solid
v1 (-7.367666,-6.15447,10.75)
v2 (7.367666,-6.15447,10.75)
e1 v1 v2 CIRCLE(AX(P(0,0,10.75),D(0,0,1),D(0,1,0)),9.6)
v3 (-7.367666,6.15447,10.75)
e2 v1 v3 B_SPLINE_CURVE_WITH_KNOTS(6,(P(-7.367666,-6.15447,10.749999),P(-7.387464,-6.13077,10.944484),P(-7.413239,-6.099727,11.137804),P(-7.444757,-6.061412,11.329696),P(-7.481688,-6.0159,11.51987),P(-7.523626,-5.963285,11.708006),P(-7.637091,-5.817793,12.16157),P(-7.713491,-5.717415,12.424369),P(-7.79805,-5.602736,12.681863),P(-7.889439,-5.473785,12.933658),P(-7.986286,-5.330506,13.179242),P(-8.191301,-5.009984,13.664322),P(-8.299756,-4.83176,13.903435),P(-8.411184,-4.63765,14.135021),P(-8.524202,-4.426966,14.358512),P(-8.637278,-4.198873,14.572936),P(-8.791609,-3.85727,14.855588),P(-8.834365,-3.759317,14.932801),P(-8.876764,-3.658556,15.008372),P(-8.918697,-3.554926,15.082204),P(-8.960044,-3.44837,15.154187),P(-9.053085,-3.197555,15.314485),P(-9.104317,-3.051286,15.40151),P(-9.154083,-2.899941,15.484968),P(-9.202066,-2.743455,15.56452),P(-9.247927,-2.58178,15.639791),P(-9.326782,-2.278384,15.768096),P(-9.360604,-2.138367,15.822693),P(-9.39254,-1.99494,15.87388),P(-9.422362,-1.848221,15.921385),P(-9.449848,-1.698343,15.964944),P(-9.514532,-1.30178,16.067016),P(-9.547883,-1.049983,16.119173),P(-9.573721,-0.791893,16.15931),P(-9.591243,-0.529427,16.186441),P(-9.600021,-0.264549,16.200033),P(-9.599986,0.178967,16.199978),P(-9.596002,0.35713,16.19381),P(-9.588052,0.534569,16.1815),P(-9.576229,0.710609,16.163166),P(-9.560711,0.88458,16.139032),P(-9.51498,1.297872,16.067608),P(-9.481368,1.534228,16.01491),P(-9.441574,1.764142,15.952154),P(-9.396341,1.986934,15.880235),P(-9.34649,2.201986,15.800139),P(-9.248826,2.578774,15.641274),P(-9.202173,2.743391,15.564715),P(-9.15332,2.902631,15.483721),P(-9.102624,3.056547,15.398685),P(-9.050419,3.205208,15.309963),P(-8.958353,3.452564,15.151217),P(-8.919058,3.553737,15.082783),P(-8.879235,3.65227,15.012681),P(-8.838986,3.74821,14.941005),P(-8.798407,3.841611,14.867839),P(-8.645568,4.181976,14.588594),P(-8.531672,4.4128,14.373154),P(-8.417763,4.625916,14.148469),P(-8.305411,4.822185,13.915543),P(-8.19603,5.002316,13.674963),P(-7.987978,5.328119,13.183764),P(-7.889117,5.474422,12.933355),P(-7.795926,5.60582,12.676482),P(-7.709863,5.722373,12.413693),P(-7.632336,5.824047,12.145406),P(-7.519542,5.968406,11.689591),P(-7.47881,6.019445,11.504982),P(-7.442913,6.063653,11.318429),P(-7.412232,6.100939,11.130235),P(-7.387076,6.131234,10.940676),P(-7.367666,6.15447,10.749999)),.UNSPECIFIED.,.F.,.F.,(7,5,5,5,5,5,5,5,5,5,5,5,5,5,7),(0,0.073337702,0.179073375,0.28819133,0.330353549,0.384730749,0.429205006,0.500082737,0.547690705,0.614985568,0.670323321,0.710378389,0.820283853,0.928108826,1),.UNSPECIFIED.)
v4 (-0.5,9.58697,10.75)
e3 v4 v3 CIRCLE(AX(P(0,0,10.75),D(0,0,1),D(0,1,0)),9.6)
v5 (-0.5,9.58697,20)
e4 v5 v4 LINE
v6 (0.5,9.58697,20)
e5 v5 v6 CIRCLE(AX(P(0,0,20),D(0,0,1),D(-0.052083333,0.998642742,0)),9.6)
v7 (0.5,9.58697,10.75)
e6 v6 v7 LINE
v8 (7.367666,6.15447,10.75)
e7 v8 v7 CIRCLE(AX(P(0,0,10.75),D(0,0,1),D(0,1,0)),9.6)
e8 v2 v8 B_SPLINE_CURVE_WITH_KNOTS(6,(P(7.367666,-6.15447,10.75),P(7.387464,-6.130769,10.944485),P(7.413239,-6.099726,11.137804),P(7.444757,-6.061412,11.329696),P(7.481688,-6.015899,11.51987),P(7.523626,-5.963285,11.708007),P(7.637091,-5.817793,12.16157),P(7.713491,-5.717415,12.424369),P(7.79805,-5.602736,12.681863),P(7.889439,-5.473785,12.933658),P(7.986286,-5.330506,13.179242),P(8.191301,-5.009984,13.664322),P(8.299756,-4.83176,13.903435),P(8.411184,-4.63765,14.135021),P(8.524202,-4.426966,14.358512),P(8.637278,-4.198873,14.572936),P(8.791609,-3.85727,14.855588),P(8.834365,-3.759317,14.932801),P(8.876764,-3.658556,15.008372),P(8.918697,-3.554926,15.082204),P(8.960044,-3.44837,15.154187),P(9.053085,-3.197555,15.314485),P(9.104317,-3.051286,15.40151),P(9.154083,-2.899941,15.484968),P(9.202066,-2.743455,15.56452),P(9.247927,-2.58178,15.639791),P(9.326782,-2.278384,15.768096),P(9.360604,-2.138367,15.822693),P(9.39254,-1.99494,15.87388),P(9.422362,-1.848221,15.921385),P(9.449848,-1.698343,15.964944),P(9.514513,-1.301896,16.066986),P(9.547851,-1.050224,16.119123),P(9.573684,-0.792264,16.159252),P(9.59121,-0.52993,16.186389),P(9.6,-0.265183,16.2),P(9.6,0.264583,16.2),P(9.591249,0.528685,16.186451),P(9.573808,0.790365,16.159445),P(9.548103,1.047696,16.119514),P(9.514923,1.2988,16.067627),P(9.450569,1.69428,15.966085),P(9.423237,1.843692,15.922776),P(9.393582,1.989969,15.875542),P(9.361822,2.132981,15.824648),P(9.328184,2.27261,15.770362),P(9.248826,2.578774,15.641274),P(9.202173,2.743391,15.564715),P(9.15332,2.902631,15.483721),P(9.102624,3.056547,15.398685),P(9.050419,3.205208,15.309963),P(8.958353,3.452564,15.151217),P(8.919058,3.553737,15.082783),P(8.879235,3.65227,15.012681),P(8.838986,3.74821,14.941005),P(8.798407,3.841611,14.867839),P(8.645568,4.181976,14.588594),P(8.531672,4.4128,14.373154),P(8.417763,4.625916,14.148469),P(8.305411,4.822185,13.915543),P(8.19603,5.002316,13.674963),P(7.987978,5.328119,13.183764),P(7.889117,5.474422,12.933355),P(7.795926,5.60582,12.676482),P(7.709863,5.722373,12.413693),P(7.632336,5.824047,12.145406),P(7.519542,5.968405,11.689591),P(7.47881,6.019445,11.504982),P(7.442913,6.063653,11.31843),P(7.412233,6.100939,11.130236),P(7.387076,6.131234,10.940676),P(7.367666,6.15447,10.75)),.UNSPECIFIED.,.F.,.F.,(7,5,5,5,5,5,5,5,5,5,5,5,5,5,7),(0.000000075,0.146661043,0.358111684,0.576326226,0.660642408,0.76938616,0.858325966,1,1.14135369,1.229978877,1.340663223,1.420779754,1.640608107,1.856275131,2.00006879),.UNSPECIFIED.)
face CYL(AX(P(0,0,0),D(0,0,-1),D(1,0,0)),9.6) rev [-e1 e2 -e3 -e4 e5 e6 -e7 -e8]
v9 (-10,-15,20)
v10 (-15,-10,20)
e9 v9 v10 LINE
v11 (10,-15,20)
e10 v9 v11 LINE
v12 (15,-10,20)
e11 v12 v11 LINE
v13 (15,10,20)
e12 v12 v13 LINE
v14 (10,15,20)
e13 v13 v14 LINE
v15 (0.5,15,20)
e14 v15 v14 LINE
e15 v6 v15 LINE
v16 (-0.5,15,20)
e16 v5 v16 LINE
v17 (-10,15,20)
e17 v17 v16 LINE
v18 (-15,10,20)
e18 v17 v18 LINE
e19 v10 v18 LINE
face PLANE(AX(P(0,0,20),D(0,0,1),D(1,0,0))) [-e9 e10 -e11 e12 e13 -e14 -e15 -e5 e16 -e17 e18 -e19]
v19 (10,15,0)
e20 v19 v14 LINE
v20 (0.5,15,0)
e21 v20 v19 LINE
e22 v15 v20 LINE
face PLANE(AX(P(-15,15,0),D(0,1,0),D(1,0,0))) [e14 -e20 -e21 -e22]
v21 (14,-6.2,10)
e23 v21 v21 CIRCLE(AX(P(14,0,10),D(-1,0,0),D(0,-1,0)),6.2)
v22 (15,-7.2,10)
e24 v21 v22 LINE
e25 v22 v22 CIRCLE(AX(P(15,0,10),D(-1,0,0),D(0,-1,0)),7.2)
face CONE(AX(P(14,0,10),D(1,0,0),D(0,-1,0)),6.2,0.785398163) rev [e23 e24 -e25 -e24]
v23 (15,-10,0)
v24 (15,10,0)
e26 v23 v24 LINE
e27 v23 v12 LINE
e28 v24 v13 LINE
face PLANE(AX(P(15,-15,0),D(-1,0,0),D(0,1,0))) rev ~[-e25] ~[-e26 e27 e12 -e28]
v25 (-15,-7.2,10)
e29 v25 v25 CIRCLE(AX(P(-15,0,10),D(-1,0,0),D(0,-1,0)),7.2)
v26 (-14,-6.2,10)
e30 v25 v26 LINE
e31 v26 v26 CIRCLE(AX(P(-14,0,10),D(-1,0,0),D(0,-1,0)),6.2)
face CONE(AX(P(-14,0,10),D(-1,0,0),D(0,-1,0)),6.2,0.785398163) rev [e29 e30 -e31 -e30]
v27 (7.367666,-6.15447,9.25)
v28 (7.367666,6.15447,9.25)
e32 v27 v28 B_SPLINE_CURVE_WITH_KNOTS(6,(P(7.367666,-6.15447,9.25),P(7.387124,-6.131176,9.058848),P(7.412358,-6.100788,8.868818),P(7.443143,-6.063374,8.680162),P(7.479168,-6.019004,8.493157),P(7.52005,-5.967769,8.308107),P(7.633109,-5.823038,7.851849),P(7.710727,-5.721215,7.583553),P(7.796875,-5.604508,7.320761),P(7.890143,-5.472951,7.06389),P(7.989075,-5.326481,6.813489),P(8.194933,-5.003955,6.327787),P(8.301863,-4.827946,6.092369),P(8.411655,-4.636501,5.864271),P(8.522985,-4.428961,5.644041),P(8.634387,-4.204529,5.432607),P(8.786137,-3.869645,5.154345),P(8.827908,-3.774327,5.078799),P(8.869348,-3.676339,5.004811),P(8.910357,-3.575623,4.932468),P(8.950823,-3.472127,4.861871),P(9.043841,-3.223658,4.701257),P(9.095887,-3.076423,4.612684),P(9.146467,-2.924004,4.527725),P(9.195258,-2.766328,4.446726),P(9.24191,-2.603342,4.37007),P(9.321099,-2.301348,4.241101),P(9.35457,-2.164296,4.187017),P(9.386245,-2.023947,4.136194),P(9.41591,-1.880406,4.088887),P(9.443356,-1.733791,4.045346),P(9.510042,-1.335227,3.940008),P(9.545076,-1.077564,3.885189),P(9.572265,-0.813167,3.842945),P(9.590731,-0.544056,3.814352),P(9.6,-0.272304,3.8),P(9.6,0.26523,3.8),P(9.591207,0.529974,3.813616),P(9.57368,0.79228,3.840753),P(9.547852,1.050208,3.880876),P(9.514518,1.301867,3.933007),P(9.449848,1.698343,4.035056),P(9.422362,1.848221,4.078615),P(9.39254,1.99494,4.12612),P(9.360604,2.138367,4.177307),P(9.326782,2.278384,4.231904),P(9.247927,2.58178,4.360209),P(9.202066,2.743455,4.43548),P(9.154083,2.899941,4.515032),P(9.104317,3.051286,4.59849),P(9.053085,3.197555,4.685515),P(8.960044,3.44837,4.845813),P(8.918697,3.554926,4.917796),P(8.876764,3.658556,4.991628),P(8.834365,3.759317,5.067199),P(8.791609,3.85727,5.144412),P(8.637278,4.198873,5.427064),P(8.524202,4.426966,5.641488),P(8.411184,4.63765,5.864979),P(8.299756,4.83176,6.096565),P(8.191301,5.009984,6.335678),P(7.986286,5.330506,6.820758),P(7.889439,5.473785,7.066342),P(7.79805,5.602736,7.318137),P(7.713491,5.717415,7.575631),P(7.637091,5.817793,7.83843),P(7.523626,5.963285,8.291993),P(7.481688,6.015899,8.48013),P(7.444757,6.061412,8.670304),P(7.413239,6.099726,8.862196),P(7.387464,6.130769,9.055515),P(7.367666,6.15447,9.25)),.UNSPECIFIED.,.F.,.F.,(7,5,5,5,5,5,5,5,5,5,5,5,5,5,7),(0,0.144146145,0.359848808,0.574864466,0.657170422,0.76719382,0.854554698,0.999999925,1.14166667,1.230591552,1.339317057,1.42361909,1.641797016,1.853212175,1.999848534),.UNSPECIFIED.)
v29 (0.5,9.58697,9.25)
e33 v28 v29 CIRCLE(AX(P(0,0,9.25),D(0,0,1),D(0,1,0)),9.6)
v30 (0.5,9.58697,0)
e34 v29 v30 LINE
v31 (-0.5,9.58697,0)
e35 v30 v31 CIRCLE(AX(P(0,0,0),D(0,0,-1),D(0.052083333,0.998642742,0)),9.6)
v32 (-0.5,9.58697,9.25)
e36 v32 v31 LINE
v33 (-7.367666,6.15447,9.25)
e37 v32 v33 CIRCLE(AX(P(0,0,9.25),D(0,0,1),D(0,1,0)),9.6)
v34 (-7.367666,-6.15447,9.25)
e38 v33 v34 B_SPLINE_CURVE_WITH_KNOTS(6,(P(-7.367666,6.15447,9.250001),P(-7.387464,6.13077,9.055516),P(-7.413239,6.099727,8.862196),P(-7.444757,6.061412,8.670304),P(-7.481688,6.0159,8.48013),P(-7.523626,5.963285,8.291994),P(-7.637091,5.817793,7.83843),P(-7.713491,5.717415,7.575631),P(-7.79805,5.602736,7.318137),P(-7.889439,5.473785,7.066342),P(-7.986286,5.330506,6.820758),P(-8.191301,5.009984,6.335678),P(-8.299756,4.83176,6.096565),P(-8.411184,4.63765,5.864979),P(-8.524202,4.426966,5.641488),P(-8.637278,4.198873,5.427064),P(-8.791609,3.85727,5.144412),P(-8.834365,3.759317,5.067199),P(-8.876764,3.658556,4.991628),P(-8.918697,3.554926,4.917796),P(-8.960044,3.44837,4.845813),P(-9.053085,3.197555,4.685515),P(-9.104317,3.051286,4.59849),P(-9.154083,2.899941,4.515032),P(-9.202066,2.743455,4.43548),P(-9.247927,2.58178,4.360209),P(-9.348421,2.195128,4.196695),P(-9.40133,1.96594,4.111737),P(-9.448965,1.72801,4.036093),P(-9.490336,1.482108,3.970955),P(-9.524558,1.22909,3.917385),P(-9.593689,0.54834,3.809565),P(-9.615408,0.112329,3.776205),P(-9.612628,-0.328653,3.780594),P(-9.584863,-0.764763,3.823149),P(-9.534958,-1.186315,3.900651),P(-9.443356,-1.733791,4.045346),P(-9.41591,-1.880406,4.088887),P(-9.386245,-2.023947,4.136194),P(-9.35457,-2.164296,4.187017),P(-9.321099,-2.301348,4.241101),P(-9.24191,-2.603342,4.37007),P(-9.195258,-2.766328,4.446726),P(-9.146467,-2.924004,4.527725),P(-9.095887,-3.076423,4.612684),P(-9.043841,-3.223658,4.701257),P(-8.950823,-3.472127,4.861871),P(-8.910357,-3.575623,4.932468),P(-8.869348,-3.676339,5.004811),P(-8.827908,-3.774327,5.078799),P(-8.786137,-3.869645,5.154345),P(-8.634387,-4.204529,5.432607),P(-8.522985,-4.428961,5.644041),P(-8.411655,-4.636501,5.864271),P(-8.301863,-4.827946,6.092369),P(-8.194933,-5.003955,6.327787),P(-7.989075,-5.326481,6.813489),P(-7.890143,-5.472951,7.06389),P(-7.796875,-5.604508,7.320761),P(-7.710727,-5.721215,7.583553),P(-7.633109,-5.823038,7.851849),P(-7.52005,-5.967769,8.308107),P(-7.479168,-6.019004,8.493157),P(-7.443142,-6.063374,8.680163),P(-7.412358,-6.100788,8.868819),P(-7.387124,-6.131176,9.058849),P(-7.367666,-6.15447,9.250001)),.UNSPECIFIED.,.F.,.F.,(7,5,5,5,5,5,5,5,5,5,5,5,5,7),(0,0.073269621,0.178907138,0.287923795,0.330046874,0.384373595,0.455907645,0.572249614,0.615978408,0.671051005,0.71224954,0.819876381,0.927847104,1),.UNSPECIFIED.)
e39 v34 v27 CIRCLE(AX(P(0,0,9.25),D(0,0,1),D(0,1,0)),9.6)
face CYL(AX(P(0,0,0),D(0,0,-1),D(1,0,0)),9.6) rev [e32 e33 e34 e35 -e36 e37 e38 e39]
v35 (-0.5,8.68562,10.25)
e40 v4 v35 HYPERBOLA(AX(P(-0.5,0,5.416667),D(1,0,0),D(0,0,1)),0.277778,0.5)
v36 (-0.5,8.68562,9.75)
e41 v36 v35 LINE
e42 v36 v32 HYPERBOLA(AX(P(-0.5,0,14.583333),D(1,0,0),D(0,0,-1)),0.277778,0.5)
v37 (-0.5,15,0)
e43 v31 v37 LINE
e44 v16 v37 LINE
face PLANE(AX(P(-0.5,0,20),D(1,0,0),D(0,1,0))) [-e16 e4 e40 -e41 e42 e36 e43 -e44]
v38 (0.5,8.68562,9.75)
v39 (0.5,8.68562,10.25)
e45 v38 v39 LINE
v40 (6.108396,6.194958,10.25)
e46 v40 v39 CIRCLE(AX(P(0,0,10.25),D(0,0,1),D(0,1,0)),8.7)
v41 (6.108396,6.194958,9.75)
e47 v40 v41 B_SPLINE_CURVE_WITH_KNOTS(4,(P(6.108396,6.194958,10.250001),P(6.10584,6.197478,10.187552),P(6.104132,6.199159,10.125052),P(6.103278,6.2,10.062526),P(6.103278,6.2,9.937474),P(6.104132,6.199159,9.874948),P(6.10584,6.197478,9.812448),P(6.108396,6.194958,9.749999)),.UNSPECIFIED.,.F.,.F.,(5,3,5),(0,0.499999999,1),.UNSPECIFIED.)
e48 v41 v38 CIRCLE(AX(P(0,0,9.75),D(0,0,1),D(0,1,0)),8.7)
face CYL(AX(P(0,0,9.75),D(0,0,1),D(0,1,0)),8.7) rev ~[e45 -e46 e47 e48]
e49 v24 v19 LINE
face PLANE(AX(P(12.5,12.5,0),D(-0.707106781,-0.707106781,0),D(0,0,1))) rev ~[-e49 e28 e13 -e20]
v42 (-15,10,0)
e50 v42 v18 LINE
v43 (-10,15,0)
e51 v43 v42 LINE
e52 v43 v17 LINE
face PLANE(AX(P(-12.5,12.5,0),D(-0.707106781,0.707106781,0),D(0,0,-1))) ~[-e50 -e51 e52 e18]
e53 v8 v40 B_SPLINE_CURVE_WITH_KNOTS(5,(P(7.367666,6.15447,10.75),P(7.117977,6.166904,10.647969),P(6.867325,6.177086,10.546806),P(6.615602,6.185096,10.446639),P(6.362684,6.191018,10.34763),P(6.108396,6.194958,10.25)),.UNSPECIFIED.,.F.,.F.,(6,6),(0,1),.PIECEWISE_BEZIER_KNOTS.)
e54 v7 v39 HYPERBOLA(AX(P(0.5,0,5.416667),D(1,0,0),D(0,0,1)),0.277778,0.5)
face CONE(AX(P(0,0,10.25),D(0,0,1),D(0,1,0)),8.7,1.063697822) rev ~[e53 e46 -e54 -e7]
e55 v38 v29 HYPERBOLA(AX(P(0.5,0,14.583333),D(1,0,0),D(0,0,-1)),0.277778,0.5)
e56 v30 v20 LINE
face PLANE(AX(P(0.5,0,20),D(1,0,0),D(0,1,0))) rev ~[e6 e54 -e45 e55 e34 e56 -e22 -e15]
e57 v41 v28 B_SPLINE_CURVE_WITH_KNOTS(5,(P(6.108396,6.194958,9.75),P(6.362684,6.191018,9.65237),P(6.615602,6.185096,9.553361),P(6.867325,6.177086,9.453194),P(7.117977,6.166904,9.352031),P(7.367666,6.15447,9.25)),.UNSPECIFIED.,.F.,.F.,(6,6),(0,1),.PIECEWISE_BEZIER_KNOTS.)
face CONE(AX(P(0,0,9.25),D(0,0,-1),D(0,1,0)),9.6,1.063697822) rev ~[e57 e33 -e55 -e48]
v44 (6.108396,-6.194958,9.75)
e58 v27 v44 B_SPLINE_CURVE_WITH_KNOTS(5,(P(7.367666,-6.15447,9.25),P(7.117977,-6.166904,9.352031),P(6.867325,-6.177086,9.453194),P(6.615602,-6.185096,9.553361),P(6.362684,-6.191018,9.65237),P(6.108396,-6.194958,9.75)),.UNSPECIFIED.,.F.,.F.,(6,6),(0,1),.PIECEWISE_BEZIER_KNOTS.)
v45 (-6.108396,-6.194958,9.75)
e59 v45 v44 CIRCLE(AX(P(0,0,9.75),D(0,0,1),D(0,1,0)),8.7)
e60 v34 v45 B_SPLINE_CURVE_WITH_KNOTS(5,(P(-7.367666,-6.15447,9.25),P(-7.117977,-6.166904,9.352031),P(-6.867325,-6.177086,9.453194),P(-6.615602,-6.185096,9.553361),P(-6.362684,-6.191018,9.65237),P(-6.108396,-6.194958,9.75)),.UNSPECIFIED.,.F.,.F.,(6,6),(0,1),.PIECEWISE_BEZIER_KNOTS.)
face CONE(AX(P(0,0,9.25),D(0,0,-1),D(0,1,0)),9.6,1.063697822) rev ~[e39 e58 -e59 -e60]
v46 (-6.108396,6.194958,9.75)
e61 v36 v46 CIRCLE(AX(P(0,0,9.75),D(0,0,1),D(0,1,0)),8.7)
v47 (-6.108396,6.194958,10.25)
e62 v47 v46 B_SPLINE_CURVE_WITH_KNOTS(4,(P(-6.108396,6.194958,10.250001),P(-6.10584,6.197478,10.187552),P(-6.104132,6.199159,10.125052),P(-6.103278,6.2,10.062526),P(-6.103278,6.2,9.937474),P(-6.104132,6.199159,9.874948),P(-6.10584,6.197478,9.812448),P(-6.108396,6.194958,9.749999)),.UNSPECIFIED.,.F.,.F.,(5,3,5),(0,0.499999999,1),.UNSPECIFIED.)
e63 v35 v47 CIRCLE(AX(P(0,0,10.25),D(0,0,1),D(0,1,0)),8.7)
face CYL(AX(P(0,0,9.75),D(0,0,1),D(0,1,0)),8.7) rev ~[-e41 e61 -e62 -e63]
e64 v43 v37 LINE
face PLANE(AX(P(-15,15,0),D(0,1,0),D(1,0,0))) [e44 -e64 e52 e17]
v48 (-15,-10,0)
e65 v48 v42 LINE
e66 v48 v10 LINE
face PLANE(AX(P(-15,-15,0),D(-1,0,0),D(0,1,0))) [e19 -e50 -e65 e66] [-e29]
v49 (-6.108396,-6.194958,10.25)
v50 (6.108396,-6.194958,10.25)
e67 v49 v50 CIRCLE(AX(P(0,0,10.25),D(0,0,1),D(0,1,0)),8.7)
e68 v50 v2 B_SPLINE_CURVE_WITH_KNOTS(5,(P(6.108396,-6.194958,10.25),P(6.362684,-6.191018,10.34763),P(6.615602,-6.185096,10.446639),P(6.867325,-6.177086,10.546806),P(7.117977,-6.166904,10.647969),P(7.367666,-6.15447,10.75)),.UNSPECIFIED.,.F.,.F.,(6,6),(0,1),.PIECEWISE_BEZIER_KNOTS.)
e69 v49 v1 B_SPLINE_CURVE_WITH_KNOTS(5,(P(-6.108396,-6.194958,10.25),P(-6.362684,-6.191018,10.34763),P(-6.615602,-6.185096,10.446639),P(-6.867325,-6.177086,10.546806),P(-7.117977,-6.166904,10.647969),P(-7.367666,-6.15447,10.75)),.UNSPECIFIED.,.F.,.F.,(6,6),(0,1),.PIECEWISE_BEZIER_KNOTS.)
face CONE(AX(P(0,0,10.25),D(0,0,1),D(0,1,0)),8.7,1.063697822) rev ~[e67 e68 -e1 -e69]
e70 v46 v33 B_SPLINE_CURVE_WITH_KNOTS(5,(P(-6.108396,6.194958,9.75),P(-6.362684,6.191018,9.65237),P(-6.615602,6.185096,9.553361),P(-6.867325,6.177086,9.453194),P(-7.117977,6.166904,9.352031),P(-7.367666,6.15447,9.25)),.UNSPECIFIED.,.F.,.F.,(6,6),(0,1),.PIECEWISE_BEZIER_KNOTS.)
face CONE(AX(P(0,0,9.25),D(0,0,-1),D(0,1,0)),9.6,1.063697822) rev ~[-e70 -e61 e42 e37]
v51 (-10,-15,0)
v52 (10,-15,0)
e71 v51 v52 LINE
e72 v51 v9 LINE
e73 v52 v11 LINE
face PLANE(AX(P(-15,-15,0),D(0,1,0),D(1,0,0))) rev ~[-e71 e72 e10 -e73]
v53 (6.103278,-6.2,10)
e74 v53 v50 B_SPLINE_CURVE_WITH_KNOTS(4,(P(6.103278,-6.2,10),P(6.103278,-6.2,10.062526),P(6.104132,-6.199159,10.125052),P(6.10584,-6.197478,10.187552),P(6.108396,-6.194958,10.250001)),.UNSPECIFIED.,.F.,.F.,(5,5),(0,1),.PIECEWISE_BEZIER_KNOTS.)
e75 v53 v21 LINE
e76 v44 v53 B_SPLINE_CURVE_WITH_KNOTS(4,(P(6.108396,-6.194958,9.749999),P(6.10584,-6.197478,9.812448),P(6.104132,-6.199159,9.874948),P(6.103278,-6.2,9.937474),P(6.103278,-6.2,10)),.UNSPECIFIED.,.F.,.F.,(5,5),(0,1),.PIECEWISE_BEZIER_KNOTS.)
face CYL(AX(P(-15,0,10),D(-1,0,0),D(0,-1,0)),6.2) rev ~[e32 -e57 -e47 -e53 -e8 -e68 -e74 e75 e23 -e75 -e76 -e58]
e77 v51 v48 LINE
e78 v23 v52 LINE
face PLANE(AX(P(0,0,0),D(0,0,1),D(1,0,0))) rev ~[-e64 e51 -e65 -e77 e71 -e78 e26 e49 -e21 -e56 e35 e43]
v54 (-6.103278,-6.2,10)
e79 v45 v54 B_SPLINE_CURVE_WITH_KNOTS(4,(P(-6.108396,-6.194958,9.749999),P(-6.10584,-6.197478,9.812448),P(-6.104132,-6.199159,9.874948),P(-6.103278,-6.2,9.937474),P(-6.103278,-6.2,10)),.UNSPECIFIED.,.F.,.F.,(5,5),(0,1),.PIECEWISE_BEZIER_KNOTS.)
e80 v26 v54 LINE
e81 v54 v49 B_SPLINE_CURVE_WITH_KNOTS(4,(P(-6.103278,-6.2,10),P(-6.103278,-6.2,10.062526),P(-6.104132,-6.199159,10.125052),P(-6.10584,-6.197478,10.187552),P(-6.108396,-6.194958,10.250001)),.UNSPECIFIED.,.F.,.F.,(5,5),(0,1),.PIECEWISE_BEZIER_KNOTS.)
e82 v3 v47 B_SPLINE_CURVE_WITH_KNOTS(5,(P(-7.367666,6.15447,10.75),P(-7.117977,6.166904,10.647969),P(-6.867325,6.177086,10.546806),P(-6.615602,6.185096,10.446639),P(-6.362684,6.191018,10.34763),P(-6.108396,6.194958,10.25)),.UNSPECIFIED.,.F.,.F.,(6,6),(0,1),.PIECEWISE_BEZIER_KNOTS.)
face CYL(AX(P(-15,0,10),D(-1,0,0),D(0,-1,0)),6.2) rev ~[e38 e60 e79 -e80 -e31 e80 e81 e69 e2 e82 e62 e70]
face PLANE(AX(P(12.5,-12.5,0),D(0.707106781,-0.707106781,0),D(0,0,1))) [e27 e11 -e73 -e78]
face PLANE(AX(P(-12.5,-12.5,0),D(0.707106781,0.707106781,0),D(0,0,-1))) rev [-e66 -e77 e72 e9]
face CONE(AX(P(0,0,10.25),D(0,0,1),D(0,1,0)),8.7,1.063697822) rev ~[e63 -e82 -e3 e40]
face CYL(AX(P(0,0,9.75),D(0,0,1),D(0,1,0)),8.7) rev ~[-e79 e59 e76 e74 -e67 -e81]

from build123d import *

# Parameters (mm, degrees)
SKETCH047_W     = 30
SKETCH047_H     = 30
SKETCH047_R     = 9.6
PAD018_DEPTH    = 20
SKETCH049_W     = 1
SKETCH049_H     = 15
POCKET028_DEPTH = 20
SKETCH050_R     = 6.2
POCKET029_DEPTH = 40
CHAMFER004_SIZE = 1
CHAMFER005_SIZE = 5


with BuildPart() as part:
    # Sketch047 → Pad018 (new body)
    with BuildSketch(Plane.XY):
        Rectangle(SKETCH047_W, SKETCH047_H)
        Circle(SKETCH047_R, mode=Mode.SUBTRACT)
    extrude(amount=PAD018_DEPTH)

    # Sketch048 → Revolution002 (revolve)
    with BuildSketch(Plane.YZ):
        Polygon((9.6, 10.75), (9.6, 9.25), (8.7, 9.75), (8.7, 10.25), align=None)
    revolve(axis=Axis((0, 0, 0), (0, 0, 1)))

    # Sketch049 (on Face11 of Revolution002) → Pocket028 (cut)
    with BuildSketch(Plane.XY.offset(20)):
        with Locations((0, 7.5)):
            Rectangle(SKETCH049_W, SKETCH049_H)
    extrude(amount=-POCKET028_DEPTH, mode=Mode.SUBTRACT)

    # Sketch050 (on Face12 of Pocket028) → Pocket029 (cut)
    with BuildSketch(Plane(origin=(-15, 0, 0), x_dir=(0, -1, 0), z_dir=(-1, 0, 0))):
        with Locations((0, 10)):
            Circle(SKETCH050_R)
    extrude(amount=-POCKET029_DEPTH, mode=Mode.SUBTRACT)

    # Chamfer004
    chamfer004_edges = [part.edges().sort_by_distance(p)[0] for p in [
        (-15, 6.2, 10),
        (15, 6.2, 10),
    ]]
    chamfer(chamfer004_edges, length=CHAMFER004_SIZE)

    # Chamfer005
    chamfer005_edges = [part.edges().sort_by_distance(p)[0] for p in [
        (-15, -15, 10),
        (-15, 15, 10),
        (15, -15, 10),
        (15, 15, 10),
    ]]
    chamfer(chamfer005_edges, length=CHAMFER005_SIZE)


solid = part.part
